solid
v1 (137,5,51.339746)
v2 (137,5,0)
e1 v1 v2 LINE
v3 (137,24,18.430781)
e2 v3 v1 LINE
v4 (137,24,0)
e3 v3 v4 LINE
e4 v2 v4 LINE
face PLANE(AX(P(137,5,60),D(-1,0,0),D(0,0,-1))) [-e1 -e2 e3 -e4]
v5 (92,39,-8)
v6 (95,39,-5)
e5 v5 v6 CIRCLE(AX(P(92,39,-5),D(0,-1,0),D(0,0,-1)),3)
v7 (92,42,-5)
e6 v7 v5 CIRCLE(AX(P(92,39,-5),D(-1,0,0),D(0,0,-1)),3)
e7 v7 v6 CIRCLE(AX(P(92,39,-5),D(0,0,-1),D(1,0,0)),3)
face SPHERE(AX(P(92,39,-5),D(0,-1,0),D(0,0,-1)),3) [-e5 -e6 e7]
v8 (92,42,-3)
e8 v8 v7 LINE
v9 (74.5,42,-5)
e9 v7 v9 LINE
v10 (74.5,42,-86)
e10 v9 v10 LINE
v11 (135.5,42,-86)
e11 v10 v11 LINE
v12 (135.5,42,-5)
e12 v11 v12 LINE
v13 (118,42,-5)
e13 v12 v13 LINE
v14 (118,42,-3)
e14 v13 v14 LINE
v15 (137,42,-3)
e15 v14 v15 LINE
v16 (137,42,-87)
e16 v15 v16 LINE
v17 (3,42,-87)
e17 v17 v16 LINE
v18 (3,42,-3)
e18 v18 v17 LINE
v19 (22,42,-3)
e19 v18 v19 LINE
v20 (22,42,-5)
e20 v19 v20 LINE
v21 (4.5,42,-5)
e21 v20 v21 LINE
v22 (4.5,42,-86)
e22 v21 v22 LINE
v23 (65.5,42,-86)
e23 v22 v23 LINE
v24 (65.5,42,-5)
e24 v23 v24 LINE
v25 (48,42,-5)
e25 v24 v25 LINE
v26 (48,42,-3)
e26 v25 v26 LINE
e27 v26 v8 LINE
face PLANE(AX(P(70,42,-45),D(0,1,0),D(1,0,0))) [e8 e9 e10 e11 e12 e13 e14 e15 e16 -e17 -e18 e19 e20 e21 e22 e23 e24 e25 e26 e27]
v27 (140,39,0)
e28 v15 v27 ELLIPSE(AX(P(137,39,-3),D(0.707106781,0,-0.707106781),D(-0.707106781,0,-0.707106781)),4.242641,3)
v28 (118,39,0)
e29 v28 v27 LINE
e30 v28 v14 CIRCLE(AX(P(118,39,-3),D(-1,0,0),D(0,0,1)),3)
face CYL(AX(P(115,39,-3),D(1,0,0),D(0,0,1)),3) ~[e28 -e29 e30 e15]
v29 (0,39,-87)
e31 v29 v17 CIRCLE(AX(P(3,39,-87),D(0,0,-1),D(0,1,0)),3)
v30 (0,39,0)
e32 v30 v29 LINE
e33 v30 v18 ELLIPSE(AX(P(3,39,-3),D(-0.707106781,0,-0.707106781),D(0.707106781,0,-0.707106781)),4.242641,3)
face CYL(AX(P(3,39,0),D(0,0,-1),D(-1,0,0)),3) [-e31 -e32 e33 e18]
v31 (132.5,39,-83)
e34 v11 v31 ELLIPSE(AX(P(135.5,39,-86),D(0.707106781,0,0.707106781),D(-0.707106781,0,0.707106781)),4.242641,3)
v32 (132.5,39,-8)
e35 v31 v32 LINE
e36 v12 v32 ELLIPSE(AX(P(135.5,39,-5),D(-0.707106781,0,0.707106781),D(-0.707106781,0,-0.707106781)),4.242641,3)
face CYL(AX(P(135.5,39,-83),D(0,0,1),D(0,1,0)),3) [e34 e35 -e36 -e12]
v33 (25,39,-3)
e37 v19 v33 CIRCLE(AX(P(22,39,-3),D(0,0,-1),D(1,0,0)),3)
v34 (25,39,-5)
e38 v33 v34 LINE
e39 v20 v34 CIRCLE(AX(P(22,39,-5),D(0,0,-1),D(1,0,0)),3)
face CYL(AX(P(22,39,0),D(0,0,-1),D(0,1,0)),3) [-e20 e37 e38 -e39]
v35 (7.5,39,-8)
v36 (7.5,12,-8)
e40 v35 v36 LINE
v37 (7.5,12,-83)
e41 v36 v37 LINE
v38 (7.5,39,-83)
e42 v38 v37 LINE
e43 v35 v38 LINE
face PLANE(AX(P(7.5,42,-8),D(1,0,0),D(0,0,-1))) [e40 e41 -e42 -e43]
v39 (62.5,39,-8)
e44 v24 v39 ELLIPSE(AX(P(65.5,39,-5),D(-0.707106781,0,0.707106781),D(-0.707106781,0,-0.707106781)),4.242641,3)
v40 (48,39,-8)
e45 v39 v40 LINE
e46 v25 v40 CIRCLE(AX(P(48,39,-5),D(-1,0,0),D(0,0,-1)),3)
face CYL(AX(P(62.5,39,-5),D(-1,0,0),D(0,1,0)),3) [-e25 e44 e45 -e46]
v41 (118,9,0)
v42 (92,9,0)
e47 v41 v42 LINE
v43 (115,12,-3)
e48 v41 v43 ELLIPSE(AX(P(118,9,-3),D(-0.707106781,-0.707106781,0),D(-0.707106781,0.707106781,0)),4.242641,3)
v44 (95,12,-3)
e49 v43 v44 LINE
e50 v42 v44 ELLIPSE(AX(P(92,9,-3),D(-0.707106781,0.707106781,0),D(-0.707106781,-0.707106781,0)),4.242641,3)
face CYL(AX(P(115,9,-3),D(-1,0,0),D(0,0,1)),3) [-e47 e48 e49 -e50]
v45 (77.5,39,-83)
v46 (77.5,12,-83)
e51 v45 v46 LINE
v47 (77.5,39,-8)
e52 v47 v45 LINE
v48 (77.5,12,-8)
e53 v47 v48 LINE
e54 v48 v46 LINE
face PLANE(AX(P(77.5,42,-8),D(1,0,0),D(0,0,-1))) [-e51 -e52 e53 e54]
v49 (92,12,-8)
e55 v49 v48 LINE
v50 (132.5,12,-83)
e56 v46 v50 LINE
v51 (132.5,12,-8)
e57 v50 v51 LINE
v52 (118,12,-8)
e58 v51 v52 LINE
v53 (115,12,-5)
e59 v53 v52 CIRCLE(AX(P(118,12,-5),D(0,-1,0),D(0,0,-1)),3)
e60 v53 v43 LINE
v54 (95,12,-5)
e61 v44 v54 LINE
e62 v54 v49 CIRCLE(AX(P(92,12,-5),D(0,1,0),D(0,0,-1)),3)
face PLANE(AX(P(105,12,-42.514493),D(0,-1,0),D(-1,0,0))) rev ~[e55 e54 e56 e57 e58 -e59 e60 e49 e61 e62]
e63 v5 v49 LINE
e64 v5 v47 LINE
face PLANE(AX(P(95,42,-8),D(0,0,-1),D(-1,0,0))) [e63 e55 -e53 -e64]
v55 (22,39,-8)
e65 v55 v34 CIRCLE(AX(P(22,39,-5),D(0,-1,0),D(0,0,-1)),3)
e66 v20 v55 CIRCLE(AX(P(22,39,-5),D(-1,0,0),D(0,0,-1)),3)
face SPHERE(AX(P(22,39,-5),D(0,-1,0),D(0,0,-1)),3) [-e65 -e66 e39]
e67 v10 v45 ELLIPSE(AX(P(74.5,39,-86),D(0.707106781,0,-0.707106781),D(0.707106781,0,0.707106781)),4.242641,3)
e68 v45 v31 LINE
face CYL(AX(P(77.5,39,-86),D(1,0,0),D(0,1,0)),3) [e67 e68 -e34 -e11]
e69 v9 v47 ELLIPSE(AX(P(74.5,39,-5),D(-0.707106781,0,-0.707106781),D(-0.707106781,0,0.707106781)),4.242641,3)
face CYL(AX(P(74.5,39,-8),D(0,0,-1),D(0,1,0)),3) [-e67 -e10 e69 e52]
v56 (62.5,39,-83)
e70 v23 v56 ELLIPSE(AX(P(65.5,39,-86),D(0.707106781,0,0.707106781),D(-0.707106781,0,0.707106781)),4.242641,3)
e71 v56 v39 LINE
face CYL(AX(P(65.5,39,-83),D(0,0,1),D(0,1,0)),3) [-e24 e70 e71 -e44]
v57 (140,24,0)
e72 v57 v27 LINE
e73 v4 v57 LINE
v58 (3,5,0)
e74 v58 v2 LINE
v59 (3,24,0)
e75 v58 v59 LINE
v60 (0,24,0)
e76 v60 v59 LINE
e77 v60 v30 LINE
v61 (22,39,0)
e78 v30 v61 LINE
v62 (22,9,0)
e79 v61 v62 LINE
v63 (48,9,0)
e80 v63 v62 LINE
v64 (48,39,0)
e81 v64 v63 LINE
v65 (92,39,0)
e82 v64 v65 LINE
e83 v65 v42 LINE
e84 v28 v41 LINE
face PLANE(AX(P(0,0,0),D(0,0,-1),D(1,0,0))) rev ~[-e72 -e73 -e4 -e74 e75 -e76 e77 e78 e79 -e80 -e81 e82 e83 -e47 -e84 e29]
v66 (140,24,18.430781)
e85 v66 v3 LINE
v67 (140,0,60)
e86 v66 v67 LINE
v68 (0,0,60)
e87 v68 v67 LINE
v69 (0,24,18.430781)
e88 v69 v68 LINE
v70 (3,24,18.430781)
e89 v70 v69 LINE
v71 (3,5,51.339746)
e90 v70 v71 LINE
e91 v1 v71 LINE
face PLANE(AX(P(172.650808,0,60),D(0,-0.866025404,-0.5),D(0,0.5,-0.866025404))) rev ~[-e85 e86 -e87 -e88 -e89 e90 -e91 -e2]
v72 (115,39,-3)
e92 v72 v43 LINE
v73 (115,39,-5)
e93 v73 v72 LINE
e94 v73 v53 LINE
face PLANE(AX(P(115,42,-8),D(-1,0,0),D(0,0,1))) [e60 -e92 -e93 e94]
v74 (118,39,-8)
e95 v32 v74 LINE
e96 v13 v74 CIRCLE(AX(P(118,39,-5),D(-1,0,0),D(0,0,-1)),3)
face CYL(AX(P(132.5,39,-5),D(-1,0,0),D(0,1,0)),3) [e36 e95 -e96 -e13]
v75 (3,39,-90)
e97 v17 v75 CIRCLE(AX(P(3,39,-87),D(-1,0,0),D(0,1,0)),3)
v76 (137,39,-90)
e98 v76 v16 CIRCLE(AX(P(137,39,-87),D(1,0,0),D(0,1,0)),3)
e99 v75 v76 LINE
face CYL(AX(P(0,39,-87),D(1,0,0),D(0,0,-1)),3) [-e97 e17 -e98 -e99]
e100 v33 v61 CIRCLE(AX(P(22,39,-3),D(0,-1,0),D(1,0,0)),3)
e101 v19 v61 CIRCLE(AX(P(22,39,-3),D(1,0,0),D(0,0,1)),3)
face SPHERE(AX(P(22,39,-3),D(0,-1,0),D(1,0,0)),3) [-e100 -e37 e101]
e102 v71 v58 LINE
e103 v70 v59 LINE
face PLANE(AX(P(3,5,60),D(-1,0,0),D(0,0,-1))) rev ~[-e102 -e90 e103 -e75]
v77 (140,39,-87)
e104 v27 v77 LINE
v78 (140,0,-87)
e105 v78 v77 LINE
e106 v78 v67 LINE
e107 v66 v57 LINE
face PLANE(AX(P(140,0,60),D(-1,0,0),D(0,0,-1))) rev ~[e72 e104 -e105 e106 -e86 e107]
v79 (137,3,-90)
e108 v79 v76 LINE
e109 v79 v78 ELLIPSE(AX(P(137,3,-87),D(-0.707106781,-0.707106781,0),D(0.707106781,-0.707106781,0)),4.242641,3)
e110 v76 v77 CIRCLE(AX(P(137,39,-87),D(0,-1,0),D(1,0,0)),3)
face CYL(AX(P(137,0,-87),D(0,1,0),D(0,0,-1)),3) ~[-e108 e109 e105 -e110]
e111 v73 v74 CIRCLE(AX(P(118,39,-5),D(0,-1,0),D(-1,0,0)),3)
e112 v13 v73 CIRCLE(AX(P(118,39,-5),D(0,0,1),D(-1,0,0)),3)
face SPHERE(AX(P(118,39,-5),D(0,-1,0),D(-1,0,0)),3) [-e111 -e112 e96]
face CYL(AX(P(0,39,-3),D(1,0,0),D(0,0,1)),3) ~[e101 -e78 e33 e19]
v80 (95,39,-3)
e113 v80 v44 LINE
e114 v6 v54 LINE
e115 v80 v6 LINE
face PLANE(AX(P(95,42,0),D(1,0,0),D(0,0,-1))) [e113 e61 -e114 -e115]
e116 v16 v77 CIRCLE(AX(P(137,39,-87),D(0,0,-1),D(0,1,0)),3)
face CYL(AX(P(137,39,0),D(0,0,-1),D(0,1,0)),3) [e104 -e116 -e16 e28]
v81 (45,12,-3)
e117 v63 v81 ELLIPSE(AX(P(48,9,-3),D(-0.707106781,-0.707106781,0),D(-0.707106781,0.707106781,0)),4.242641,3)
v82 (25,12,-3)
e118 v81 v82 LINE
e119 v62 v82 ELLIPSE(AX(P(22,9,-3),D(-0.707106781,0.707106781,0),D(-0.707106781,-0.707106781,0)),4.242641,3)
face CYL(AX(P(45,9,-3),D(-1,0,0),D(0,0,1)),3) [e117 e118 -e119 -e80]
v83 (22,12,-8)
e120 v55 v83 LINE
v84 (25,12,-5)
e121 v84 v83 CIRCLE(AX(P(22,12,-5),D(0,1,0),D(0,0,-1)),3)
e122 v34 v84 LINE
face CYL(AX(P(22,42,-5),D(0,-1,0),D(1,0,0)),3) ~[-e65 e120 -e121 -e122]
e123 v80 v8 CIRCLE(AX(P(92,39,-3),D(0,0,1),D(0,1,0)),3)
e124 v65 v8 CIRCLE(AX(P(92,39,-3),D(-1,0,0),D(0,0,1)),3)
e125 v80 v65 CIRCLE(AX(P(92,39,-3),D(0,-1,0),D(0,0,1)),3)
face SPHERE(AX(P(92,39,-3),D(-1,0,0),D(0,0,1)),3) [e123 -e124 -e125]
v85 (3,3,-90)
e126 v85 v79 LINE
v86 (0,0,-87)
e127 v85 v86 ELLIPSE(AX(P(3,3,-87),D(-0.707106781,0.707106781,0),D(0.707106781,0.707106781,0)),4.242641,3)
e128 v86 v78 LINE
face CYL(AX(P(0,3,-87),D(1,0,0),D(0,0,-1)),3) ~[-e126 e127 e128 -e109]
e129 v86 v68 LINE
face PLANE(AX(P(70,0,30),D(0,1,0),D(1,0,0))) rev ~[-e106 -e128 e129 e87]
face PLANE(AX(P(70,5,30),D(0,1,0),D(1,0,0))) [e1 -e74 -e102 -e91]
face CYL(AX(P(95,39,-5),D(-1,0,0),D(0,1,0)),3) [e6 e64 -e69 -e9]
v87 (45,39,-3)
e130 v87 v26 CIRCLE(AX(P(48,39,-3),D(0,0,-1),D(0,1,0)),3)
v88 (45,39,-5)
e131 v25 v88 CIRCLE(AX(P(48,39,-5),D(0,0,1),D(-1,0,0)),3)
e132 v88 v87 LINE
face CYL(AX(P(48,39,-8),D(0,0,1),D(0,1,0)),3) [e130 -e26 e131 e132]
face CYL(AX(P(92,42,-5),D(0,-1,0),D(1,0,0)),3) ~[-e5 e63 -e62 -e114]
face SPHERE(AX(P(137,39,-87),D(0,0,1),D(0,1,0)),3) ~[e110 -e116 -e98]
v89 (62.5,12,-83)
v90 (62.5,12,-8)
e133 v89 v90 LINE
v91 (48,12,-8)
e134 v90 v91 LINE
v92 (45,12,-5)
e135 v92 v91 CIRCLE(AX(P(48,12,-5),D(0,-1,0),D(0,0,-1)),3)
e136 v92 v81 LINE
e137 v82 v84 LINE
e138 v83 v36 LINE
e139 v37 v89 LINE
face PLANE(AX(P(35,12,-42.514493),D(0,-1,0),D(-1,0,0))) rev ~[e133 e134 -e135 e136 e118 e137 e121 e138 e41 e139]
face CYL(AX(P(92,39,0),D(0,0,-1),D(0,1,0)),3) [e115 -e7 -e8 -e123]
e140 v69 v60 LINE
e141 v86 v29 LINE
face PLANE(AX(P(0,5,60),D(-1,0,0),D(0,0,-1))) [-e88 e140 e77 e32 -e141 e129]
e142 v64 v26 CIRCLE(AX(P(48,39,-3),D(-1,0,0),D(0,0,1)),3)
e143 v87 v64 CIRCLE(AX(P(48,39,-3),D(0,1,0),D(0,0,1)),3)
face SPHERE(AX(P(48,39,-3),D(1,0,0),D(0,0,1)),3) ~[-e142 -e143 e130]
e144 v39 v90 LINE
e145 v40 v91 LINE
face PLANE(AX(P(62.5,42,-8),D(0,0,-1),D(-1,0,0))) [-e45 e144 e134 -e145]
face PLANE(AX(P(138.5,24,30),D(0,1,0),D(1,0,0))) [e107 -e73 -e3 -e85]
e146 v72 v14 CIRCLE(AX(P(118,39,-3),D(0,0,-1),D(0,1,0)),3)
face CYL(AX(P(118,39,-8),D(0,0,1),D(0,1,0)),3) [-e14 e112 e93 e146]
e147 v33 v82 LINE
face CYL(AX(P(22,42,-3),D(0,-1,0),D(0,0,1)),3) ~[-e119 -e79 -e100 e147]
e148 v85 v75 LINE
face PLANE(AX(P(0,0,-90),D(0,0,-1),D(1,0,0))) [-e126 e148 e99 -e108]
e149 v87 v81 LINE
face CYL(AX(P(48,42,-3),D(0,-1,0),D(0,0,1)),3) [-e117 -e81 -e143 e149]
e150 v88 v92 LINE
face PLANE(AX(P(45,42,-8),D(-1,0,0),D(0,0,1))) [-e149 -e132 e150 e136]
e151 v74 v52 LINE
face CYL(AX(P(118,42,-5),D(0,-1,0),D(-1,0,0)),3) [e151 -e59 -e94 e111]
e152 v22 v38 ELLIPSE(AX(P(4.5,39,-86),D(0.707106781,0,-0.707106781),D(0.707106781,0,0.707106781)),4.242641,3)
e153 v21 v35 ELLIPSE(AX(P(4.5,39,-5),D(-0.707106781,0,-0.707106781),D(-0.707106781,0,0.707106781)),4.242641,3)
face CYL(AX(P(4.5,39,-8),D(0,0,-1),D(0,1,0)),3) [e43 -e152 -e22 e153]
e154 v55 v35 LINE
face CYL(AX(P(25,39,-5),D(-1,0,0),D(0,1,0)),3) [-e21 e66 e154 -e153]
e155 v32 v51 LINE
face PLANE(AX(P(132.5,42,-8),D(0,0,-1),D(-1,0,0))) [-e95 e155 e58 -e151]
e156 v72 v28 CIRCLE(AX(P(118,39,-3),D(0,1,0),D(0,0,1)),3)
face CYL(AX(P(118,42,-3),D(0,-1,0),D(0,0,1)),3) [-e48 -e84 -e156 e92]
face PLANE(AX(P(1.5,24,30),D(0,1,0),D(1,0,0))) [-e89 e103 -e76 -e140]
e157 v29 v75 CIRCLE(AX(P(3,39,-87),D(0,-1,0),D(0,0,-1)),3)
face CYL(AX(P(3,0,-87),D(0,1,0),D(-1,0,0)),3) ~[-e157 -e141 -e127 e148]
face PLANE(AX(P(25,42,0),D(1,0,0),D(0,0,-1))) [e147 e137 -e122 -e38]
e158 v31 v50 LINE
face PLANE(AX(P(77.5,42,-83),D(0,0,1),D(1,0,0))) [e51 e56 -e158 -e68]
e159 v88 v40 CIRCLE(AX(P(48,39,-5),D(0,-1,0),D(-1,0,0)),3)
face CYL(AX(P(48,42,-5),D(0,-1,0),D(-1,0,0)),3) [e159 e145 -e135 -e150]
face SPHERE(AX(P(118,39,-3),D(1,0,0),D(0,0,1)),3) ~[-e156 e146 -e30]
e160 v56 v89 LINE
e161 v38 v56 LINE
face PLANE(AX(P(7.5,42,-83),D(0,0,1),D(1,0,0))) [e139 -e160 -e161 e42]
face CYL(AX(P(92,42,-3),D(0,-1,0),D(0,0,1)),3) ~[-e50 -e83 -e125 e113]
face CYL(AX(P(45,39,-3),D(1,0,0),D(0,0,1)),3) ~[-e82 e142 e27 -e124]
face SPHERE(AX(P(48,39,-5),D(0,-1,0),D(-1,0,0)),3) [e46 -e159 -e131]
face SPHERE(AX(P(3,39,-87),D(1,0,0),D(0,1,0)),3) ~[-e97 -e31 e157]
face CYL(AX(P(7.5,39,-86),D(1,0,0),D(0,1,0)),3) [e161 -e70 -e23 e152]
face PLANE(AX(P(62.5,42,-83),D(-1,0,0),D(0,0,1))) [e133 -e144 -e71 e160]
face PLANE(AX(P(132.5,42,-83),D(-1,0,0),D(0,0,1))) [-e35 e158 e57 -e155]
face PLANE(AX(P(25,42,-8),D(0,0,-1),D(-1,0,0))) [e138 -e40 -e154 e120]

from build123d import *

# Parameters (mm, degrees)
SKETCH1_W               = 140
SKETCH1_H               = 90
BOSS_EXTRUDE1_DEPTH     = 42
CUT_EXTRUDE1_DEPTH      = 30
FILLET2_R               = 3
SKETCH3_W               = 140
SKETCH3_H               = 60
BOSS_EXTRUDE2_DEPTH     = 5
SKETCH4_W               = 3
SKETCH4_H               = 60
BOSS_EXTRUDE3_DEPTH     = 19
CUT_EXTRUDE2_DEPTH      = 172.650808329
CUT_EXTRUDE2_DEPTH_BACK = 172.650808329


with BuildPart() as part:
    # Sketch1 → Boss-Extrude1 (new body)
    with BuildSketch(Plane(origin=(0, 0, 0), x_dir=(1, 0, 0), z_dir=(0, 1, 0))):
        with Locations((70, 45)):
            Rectangle(SKETCH1_W, SKETCH1_H)
    extrude(amount=BOSS_EXTRUDE1_DEPTH)

    # Sketch2 → Cut-Extrude1 (cut)
    with BuildSketch(Plane(origin=(0, 42, 0), x_dir=(1, 0, 0), z_dir=(0, 1, 0))):
        Polygon((7.5, 8), (7.5, 83), (62.5, 83), (62.5, 8), (45, 8), (45, 0), (25, 0), (25, 8), align=None)
        Polygon((77.5, 8), (77.5, 83), (132.5, 83), (132.5, 8), (115, 8), (115, 0), (95, 0), (95, 8), align=None)
    extrude(amount=-CUT_EXTRUDE1_DEPTH, mode=Mode.SUBTRACT)

    # Fillet2
    fillet2_edges = [part.edges().sort_by_distance(p)[0] for p in [
        (140, 42, -45),
        (70, 42, 0),
        (127.5, 42, 0),
        (70, 42, -90),
        (25, 27, -8),
        (45, 27, -8),
        (35, 12, 0),
        (45, 27, 0),
        (25, 27, 0),
        (16.25, 42, -8),
        (25, 42, -4),
        (45, 42, -4),
        (53.75, 42, -8),
        (62.5, 42, -45.5),
        (35, 42, -83),
        (7.5, 42, -45.5),
        (95, 27, -8),
        (115, 27, -8),
        (105, 12, 0),
        (115, 27, 0),
        (95, 27, 0),
        (86.25, 42, -8),
        (95, 42, -4),
        (115, 42, -4),
        (123.75, 42, -8),
        (132.5, 42, -45.5),
        (105, 42, -83),
        (77.5, 42, -45.5),
        (0, 42, -45),
        (70, 0, -90),
        (0, 21, -90),
        (140, 21, -90),
        (12.5, 42, 0),
    ]]
    fillet(fillet2_edges, radius=FILLET2_R)

    # Sketch3 → Boss-Extrude2 (add)
    with BuildSketch(Plane(origin=(0, 0, 0), x_dir=(1, 0, 0), z_dir=(0, 1, 0))):
        with Locations((70, -30)):
            Rectangle(SKETCH3_W, SKETCH3_H)
    extrude(amount=BOSS_EXTRUDE2_DEPTH)

    # Sketch4 → Boss-Extrude3 (add)
    with BuildSketch(Plane(origin=(0, 5, 0), x_dir=(1, 0, 0), z_dir=(0, 1, 0))):
        with Locations((1.5, -30)):
            Rectangle(SKETCH4_W, SKETCH4_H)
        with Locations((138.5, -30)):
            Rectangle(SKETCH4_W, SKETCH4_H)
    extrude(amount=BOSS_EXTRUDE3_DEPTH)

    # Sketch5 → Cut-Extrude2 (cut, two sides: drawn at the far end of the back side and taken through both)
    with BuildSketch(Plane.ZY.offset(-CUT_EXTRUDE2_DEPTH_BACK)):
        Polygon((60, 0), (8.038475773, 30), (60, 30), align=None)
    extrude(amount=CUT_EXTRUDE2_DEPTH + CUT_EXTRUDE2_DEPTH_BACK, mode=Mode.SUBTRACT)


solid = part.part
